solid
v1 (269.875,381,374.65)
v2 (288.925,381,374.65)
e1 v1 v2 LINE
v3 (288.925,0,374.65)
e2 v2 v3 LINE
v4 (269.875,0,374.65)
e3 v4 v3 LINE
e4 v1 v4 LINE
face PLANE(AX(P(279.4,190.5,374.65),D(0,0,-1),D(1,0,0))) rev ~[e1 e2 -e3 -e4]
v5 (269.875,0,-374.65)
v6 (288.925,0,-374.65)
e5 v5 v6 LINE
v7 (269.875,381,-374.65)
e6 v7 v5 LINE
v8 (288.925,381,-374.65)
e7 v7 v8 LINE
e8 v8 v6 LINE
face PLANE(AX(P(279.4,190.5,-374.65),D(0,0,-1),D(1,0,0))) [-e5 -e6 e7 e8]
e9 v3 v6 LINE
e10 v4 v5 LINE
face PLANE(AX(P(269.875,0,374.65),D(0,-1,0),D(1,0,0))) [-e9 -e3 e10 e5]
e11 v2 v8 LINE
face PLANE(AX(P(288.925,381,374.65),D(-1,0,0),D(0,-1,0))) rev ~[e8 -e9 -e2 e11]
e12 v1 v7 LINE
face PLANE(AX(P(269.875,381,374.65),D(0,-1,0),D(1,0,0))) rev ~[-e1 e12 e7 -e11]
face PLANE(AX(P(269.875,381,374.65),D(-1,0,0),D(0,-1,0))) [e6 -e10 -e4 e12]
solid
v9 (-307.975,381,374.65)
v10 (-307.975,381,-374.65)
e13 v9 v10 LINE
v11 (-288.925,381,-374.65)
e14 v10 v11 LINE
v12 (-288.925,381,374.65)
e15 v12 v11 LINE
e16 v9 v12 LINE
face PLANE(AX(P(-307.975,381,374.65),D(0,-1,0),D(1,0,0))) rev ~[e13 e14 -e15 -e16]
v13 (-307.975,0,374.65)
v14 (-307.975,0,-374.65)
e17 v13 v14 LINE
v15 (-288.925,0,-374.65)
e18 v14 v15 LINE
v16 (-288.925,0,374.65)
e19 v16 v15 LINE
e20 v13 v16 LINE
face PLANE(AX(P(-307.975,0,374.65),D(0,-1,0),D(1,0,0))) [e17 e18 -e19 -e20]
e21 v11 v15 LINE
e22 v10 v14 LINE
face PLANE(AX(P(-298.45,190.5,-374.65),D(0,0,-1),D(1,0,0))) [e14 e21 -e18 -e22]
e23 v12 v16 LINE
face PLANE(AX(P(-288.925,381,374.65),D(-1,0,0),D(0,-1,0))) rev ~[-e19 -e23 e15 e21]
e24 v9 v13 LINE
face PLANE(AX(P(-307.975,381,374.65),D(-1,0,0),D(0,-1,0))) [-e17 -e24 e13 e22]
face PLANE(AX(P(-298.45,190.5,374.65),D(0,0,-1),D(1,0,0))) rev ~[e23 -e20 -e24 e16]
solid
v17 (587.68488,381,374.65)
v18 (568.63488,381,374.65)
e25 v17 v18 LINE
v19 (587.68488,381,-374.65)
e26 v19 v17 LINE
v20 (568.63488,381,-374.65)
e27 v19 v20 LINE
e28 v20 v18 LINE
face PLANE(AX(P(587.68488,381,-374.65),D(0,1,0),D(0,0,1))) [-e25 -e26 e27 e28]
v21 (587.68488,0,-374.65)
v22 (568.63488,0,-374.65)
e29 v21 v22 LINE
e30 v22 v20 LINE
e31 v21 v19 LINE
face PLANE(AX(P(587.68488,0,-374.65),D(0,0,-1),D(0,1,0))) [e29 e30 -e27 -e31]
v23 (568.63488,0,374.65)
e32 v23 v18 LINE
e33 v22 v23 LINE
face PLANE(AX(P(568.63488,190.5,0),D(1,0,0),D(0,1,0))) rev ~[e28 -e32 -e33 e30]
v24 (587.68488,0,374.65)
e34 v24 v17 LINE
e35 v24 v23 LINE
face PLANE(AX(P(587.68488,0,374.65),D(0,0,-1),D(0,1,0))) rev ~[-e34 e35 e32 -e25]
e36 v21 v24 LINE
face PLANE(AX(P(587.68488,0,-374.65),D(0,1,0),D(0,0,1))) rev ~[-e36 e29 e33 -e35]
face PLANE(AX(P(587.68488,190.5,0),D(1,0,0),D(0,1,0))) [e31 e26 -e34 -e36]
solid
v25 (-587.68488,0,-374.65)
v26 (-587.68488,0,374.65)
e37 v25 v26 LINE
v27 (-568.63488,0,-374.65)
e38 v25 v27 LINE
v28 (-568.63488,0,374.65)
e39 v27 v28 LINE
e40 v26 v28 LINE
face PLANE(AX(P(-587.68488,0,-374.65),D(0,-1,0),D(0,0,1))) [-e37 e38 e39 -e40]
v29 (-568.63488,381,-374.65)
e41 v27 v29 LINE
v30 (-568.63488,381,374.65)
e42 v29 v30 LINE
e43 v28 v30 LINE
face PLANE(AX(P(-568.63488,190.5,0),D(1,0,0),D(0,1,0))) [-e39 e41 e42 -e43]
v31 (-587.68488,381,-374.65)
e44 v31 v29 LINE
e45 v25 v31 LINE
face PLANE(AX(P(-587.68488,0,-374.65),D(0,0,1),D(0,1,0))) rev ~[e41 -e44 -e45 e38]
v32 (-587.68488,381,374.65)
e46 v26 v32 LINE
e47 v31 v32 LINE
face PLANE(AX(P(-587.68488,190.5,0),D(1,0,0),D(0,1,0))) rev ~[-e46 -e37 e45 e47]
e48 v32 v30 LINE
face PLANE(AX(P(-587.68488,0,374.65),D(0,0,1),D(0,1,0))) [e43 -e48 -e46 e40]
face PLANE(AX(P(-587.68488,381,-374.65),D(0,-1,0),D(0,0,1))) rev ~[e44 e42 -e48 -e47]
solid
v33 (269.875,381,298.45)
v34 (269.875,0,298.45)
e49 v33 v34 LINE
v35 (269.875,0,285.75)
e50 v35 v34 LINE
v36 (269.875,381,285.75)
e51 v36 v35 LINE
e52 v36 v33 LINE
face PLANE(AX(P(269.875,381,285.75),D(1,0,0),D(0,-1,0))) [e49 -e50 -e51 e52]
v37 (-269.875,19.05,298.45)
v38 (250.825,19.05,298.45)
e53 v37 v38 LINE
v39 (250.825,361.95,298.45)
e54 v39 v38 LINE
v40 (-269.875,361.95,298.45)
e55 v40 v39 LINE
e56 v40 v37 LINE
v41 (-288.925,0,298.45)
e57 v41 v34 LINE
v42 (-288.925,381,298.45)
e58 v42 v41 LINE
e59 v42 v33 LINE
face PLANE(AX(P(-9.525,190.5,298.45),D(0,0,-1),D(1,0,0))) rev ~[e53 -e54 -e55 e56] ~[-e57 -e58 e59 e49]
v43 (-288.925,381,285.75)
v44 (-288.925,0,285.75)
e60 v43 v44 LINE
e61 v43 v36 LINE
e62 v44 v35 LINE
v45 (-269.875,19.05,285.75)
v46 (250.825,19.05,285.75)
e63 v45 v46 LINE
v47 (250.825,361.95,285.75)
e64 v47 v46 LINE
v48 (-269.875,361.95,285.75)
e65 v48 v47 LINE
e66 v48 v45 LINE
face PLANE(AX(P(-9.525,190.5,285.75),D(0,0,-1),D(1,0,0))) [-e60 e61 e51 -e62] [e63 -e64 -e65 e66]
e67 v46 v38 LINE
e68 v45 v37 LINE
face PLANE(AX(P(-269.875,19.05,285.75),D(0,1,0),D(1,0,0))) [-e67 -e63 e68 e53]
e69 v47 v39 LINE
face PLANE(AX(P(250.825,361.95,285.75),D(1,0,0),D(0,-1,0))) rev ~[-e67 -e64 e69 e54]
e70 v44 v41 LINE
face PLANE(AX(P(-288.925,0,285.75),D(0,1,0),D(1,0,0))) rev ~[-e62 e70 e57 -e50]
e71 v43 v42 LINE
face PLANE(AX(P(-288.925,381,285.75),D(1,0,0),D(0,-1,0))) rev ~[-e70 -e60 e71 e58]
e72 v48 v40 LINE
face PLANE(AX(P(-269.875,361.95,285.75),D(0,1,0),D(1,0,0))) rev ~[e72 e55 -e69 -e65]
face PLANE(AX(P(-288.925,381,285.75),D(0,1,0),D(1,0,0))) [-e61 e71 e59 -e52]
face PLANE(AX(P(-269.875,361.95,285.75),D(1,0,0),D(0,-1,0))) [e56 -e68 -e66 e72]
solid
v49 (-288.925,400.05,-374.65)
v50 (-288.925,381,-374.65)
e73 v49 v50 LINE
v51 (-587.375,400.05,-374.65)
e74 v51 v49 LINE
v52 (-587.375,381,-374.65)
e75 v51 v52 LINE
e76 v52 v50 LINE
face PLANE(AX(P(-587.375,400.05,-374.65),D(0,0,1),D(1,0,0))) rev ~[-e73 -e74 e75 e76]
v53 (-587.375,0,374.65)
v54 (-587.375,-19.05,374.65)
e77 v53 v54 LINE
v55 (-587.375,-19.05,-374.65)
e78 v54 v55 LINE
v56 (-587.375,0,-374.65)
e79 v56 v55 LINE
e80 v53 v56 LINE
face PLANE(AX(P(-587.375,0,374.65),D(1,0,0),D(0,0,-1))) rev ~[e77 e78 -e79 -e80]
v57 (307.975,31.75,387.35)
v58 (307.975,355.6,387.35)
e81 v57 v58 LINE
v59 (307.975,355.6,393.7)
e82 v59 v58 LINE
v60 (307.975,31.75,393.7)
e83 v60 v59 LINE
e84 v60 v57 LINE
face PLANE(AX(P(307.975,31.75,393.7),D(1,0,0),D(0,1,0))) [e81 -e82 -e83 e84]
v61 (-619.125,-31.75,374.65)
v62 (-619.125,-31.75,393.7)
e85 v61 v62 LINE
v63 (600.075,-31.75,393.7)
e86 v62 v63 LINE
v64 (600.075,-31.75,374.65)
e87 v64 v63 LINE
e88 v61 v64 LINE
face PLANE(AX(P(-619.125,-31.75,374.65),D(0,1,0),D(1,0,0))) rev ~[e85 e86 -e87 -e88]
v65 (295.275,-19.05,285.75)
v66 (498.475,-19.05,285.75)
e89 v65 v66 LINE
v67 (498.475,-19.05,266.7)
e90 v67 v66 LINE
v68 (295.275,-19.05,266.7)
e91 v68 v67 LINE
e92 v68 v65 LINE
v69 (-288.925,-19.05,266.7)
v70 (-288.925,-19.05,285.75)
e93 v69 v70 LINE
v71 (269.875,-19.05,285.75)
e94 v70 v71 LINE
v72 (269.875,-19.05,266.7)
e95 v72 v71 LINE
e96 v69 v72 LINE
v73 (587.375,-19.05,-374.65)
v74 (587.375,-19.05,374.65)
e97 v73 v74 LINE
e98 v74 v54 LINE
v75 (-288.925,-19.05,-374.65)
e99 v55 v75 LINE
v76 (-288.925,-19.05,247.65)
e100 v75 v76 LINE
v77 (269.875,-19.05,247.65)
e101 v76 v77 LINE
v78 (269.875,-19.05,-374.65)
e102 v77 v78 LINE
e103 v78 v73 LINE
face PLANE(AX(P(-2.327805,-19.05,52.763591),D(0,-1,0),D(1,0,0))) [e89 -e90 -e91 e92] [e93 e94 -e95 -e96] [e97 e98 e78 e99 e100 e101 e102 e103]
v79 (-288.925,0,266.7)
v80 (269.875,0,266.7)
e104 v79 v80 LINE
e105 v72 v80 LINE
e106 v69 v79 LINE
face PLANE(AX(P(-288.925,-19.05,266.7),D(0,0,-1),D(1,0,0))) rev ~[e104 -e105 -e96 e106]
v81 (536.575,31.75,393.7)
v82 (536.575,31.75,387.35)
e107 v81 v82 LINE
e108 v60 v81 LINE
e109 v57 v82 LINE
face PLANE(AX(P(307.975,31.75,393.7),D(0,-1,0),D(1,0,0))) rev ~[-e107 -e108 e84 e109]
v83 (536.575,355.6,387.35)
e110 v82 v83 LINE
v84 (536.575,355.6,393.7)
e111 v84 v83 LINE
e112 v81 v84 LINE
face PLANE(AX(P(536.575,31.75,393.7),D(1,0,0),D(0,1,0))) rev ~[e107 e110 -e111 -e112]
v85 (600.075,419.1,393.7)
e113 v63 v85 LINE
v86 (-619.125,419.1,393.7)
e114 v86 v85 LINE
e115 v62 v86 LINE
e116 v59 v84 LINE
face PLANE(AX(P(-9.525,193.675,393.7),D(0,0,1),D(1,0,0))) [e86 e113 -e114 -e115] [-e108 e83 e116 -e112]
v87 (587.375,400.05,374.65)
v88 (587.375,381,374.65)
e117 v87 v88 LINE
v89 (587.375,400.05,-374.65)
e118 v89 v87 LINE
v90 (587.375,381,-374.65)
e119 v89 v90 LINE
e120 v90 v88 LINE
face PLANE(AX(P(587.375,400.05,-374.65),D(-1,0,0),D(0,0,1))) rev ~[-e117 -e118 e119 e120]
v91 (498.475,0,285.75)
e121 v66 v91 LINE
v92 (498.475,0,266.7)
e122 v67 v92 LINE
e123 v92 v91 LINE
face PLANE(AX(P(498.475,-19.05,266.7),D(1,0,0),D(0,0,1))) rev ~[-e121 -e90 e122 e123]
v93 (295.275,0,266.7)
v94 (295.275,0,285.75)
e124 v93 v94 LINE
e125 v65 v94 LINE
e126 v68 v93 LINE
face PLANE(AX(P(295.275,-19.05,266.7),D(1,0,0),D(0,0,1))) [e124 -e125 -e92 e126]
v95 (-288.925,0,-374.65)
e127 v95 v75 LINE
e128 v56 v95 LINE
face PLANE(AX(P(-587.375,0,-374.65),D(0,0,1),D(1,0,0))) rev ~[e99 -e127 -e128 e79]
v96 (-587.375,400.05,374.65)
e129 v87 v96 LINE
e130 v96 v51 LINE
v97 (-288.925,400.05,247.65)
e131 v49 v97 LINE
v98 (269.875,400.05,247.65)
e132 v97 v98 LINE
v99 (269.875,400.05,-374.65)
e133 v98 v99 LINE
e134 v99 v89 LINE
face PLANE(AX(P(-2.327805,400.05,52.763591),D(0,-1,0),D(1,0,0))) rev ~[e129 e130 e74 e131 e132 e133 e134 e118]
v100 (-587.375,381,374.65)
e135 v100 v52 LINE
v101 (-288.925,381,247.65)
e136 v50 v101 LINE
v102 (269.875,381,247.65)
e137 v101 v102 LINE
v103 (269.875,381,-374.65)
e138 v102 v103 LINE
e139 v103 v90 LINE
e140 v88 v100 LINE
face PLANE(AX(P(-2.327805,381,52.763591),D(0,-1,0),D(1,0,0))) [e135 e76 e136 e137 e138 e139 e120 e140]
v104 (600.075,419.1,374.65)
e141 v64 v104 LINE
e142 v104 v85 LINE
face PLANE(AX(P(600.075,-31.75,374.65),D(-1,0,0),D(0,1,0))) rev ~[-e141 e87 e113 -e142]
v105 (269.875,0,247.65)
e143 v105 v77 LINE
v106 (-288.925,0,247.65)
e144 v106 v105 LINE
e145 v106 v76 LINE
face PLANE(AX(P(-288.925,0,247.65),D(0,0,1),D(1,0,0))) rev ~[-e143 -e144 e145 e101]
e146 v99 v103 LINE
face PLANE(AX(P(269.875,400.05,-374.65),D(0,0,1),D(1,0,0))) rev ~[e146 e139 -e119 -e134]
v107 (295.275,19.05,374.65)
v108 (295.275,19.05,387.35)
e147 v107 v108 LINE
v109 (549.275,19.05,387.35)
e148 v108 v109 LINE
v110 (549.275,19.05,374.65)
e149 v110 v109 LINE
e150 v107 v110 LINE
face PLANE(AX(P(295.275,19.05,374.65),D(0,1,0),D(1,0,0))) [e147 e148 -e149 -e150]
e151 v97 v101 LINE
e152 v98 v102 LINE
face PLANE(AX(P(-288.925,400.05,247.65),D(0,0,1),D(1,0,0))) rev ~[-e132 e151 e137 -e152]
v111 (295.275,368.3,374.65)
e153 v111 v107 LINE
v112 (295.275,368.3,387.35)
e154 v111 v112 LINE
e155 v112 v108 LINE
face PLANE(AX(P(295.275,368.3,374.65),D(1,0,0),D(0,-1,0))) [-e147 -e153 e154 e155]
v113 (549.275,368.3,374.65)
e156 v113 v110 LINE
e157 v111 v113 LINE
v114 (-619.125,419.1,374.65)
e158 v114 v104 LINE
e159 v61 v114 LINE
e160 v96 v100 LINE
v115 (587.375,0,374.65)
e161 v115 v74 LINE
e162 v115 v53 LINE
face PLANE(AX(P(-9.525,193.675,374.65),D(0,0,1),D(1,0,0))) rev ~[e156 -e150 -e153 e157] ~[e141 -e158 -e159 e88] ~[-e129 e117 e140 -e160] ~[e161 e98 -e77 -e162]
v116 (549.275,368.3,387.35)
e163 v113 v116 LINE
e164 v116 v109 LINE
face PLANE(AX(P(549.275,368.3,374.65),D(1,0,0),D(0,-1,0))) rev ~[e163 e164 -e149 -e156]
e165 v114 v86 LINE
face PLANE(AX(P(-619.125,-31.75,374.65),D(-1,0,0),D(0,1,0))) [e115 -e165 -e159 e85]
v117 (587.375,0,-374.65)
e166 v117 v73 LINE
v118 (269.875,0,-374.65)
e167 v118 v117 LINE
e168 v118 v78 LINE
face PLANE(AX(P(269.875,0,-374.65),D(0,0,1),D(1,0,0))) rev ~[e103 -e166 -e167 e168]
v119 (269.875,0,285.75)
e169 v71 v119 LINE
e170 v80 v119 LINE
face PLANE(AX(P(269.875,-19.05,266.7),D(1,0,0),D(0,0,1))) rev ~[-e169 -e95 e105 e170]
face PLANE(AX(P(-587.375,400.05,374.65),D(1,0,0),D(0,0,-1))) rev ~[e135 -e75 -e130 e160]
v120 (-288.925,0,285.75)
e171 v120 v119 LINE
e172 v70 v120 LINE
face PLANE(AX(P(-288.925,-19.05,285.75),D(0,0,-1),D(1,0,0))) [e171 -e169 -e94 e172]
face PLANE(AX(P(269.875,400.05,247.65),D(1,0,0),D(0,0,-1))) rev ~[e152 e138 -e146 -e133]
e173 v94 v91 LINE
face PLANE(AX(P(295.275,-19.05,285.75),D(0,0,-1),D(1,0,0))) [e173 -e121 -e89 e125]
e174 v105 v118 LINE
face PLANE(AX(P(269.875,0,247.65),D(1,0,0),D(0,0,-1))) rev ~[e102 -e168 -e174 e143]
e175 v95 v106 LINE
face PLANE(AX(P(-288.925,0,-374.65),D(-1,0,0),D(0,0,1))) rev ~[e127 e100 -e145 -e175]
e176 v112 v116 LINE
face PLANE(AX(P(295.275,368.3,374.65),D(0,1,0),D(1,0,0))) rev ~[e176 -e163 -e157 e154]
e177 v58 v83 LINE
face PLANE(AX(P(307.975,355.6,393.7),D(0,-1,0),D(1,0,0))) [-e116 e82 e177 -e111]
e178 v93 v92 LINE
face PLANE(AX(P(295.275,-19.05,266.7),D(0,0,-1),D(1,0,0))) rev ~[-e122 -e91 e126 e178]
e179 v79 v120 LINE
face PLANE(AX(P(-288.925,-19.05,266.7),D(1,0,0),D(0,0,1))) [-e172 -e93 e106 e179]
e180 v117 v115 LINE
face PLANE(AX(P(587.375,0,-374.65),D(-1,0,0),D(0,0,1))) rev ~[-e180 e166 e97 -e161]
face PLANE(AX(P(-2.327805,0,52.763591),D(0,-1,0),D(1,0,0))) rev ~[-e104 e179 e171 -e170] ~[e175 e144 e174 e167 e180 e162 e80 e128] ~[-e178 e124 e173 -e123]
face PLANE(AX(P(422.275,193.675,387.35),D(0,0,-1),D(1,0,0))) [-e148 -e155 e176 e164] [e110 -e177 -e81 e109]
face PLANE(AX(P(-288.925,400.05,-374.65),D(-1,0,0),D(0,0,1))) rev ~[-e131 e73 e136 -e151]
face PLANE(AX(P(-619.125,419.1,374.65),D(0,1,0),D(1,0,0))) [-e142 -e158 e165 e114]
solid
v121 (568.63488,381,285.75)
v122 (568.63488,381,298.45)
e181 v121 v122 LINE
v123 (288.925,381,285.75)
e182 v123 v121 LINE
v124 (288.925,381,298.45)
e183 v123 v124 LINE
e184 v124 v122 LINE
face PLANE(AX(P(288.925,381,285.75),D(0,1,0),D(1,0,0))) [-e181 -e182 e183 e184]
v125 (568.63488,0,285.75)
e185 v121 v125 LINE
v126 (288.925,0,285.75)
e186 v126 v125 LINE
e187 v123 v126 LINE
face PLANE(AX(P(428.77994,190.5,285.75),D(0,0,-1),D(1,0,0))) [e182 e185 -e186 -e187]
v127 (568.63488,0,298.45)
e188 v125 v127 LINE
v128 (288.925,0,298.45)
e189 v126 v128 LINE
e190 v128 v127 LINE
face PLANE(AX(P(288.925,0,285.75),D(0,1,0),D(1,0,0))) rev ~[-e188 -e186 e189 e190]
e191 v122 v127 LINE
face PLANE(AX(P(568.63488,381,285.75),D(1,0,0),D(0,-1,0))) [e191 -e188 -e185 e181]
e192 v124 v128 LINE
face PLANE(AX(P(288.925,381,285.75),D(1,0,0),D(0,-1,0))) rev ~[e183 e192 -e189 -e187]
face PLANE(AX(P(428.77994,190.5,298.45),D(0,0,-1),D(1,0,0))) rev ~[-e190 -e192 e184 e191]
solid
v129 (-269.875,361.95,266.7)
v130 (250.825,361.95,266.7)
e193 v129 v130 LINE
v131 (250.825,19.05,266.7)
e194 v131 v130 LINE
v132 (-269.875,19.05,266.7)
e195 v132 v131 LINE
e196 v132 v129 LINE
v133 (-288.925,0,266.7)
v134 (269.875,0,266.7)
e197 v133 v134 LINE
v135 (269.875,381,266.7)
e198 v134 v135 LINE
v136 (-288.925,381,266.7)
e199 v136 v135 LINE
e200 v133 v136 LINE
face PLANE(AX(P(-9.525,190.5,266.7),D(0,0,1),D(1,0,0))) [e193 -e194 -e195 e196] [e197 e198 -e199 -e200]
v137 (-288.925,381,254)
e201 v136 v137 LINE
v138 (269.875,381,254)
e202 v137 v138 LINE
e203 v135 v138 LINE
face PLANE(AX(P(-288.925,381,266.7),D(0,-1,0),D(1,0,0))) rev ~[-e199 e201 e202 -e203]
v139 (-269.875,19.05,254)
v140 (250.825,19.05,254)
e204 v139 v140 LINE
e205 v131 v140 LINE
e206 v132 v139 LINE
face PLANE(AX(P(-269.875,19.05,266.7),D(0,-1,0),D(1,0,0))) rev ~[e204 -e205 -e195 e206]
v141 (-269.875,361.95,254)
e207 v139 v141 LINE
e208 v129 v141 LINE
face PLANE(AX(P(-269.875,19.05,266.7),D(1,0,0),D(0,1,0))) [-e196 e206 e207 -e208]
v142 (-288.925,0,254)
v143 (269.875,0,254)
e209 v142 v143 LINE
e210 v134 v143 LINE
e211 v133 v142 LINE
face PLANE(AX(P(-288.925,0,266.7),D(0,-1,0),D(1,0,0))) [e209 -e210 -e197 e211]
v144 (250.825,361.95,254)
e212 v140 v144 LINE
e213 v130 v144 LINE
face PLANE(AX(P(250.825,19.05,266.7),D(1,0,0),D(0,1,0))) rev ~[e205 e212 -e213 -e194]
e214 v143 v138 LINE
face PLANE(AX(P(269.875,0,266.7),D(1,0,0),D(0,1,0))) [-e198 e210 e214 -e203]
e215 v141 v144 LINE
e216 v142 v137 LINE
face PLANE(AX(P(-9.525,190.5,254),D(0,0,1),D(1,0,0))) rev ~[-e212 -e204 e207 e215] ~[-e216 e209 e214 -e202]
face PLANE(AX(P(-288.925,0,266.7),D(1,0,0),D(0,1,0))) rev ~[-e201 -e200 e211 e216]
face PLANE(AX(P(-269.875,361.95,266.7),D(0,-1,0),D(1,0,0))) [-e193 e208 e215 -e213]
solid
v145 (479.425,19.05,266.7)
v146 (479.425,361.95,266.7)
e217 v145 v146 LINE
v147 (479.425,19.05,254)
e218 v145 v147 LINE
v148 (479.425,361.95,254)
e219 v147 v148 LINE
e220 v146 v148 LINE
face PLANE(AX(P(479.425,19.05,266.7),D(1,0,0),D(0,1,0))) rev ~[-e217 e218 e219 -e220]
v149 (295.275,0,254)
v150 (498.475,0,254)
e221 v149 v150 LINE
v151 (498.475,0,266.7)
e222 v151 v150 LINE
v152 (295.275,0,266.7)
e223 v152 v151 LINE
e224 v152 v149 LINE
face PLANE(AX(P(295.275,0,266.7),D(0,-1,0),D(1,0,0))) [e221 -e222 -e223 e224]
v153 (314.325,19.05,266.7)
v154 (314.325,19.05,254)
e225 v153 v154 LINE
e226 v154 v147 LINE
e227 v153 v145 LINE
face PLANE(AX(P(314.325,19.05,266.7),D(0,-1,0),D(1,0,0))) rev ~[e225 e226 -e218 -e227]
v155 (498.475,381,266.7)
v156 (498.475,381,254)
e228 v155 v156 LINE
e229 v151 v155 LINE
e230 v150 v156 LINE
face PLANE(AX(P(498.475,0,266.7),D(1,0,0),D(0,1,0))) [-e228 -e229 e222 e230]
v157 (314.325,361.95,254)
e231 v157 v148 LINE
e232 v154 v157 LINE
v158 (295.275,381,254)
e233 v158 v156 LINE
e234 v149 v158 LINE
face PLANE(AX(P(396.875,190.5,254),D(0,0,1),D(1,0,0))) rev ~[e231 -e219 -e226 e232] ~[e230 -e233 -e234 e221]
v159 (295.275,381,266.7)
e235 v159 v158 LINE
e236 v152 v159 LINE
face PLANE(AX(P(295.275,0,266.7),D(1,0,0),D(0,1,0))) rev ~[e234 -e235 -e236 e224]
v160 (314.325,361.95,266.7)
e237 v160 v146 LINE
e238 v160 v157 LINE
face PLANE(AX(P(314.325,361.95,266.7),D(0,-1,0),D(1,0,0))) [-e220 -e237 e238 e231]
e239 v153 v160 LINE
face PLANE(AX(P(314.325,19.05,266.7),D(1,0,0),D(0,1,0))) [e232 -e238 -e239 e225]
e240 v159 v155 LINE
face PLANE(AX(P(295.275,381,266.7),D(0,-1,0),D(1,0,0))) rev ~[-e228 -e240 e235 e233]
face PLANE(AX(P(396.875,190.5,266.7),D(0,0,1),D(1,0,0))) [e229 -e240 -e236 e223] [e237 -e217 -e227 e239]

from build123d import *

# Parameters (mm, degrees)
F1_DEPTH  = 19.05
F2_W      = 1219.2
F2_H      = 450.85
F3_DEPTH  = 19.05
F6_DEPTH  = 19.05
F9_W      = 381
F9_H      = 749.3
F10_DEPTH = 19.05
F11_W     = 381
F11_H     = 749.3
F12_DEPTH = 19.05
F13_W     = 558.8
F13_H     = 19.05
F14_DEPTH = 19.05
F15_W     = 203.2
F15_H     = 19.05
F16_DEPTH = 19.05
F17_W     = 228.6
F17_H     = 323.85
F18_DEPTH = 19.05
F19_W     = 558.8
F19_H     = 381
F19_W_2   = 520.7
F19_H_2   = 342.9
F19_W_3   = 279.70988
F20_DEPTH = 12.7
F21_W     = 558.8
F21_H     = 381
F21_W_2   = 520.7
F21_H_2   = 342.9
F21_W_3   = 203.2
F21_W_4   = 165.1
F22_DEPTH = 12.7
F23_W     = 19.05
F23_H     = 381
F24_DEPTH = 749.3
F25_W     = 254
F25_H     = 349.25
F26_DEPTH = 12.7


with BuildPart() as f1:
    # F0 (on Front) → F1 (new body)
    with BuildSketch(Plane.XZ):
        Polygon((587.375, -374.65), (587.375, 374.65), (-587.375, 374.65), (-587.375, -374.65), (-288.925, -374.65), (-288.925, 247.65), (269.875, 247.65), (269.875, -374.65), align=None)
    extrude(amount=F1_DEPTH)

    # F2 (on face) → F3 (join)
    with BuildSketch(Plane.XY.offset(374.65)):
        with Locations((-9.525, 193.675)):
            Rectangle(F2_W, F2_H)
    extrude(amount=F3_DEPTH)

    # F5 (on offset) → F6 (join)
    with BuildSketch(Plane.XZ.offset(-400.05)):
        Polygon((587.375, 374.65), (-587.375, 374.65), (-587.375, -374.65), (-288.925, -374.65), (-288.925, 247.65), (269.875, 247.65), (269.875, -374.65), (587.375, -374.65), align=None)
    extrude(amount=F6_DEPTH)

    # F13 (on face) → F14 (cut)
    with BuildSketch(Plane.XZ.offset(19.05)):
        with Locations((-9.525, 276.225)):
            Rectangle(F13_W, F13_H)
    extrude(amount=-F14_DEPTH, mode=Mode.SUBTRACT)

    # F15 (on face) → F16 (cut)
    with BuildSketch(Plane.XZ.offset(19.05)):
        with Locations((396.875, 276.225)):
            Rectangle(F15_W, F15_H)
    extrude(amount=-F16_DEPTH, mode=Mode.SUBTRACT)

    # F17 (on face) → F18 (cut)
    with BuildSketch(Plane.XY.offset(393.7)):
        with Locations((422.275, 193.675)):
            Rectangle(F17_W, F17_H)
    extrude(amount=-F18_DEPTH, mode=Mode.SUBTRACT)

    # F25 (on face) → F26 (cut)
    with BuildSketch(Plane(origin=(0, 0, 374.65), x_dir=(1, 0, 0), z_dir=(0, 0, -1))):
        with Locations((422.275, -193.675)):
            Rectangle(F25_W, F25_H)
    extrude(amount=-F26_DEPTH, mode=Mode.SUBTRACT)


with BuildPart() as f10:
    # F9 (on offset) → F10 (new body)
    with BuildSketch(Plane.YZ.offset(-587.68488)):
        with Locations((190.5, 0)):
            Rectangle(F9_W, F9_H)
    extrude(amount=F10_DEPTH)


with BuildPart() as f12:
    # F11 (on offset) → F12 (new body)
    with BuildSketch(Plane.YZ.offset(587.68488)):
        with Locations((190.5, 0)):
            Rectangle(F11_W, F11_H)
    extrude(amount=-F12_DEPTH)


with BuildPart() as f20:
    # F19 (on face) → F20 (new body)
    with BuildSketch(Plane(origin=(0, 0, 285.75), x_dir=(1, 0, 0), z_dir=(0, 0, -1))):
        with Locations((-9.525, -190.5)):
            Rectangle(F19_W, F19_H)
        with Locations((-9.525, -190.5)):
            Rectangle(F19_W_2, F19_H_2, mode=Mode.SUBTRACT)
        with Locations((428.77994, -190.5)):
            Rectangle(F19_W_3, F19_H)
    extrude(amount=-F20_DEPTH)


with BuildPart() as f22:
    # F21 (on face) → F22 (new body)
    with BuildSketch(Plane.XY.offset(266.7)):
        with Locations((-9.525, 190.5)):
            Rectangle(F21_W, F21_H)
        with Locations((-9.525, 190.5)):
            Rectangle(F21_W_2, F21_H_2, mode=Mode.SUBTRACT)
        with Locations((396.875, 190.5)):
            Rectangle(F21_W_3, F21_H)
        with Locations((396.875, 190.5)):
            Rectangle(F21_W_4, F21_H_2, mode=Mode.SUBTRACT)
    extrude(amount=-F22_DEPTH)


with BuildPart() as f24:
    # F23 (on face) → F24 (new body)
    with BuildSketch(Plane(origin=(0, 0, 374.65), x_dir=(1, 0, 0), z_dir=(0, 0, -1))):
        with Locations((-298.45, -190.5)):
            Rectangle(F23_W, F23_H)
        with Locations((279.4, -190.5)):
            Rectangle(F23_W, F23_H)
    extrude(amount=F24_DEPTH)


solid = Compound([f1.part, f10.part, f12.part, f20.part, f22.part, f24.part])
